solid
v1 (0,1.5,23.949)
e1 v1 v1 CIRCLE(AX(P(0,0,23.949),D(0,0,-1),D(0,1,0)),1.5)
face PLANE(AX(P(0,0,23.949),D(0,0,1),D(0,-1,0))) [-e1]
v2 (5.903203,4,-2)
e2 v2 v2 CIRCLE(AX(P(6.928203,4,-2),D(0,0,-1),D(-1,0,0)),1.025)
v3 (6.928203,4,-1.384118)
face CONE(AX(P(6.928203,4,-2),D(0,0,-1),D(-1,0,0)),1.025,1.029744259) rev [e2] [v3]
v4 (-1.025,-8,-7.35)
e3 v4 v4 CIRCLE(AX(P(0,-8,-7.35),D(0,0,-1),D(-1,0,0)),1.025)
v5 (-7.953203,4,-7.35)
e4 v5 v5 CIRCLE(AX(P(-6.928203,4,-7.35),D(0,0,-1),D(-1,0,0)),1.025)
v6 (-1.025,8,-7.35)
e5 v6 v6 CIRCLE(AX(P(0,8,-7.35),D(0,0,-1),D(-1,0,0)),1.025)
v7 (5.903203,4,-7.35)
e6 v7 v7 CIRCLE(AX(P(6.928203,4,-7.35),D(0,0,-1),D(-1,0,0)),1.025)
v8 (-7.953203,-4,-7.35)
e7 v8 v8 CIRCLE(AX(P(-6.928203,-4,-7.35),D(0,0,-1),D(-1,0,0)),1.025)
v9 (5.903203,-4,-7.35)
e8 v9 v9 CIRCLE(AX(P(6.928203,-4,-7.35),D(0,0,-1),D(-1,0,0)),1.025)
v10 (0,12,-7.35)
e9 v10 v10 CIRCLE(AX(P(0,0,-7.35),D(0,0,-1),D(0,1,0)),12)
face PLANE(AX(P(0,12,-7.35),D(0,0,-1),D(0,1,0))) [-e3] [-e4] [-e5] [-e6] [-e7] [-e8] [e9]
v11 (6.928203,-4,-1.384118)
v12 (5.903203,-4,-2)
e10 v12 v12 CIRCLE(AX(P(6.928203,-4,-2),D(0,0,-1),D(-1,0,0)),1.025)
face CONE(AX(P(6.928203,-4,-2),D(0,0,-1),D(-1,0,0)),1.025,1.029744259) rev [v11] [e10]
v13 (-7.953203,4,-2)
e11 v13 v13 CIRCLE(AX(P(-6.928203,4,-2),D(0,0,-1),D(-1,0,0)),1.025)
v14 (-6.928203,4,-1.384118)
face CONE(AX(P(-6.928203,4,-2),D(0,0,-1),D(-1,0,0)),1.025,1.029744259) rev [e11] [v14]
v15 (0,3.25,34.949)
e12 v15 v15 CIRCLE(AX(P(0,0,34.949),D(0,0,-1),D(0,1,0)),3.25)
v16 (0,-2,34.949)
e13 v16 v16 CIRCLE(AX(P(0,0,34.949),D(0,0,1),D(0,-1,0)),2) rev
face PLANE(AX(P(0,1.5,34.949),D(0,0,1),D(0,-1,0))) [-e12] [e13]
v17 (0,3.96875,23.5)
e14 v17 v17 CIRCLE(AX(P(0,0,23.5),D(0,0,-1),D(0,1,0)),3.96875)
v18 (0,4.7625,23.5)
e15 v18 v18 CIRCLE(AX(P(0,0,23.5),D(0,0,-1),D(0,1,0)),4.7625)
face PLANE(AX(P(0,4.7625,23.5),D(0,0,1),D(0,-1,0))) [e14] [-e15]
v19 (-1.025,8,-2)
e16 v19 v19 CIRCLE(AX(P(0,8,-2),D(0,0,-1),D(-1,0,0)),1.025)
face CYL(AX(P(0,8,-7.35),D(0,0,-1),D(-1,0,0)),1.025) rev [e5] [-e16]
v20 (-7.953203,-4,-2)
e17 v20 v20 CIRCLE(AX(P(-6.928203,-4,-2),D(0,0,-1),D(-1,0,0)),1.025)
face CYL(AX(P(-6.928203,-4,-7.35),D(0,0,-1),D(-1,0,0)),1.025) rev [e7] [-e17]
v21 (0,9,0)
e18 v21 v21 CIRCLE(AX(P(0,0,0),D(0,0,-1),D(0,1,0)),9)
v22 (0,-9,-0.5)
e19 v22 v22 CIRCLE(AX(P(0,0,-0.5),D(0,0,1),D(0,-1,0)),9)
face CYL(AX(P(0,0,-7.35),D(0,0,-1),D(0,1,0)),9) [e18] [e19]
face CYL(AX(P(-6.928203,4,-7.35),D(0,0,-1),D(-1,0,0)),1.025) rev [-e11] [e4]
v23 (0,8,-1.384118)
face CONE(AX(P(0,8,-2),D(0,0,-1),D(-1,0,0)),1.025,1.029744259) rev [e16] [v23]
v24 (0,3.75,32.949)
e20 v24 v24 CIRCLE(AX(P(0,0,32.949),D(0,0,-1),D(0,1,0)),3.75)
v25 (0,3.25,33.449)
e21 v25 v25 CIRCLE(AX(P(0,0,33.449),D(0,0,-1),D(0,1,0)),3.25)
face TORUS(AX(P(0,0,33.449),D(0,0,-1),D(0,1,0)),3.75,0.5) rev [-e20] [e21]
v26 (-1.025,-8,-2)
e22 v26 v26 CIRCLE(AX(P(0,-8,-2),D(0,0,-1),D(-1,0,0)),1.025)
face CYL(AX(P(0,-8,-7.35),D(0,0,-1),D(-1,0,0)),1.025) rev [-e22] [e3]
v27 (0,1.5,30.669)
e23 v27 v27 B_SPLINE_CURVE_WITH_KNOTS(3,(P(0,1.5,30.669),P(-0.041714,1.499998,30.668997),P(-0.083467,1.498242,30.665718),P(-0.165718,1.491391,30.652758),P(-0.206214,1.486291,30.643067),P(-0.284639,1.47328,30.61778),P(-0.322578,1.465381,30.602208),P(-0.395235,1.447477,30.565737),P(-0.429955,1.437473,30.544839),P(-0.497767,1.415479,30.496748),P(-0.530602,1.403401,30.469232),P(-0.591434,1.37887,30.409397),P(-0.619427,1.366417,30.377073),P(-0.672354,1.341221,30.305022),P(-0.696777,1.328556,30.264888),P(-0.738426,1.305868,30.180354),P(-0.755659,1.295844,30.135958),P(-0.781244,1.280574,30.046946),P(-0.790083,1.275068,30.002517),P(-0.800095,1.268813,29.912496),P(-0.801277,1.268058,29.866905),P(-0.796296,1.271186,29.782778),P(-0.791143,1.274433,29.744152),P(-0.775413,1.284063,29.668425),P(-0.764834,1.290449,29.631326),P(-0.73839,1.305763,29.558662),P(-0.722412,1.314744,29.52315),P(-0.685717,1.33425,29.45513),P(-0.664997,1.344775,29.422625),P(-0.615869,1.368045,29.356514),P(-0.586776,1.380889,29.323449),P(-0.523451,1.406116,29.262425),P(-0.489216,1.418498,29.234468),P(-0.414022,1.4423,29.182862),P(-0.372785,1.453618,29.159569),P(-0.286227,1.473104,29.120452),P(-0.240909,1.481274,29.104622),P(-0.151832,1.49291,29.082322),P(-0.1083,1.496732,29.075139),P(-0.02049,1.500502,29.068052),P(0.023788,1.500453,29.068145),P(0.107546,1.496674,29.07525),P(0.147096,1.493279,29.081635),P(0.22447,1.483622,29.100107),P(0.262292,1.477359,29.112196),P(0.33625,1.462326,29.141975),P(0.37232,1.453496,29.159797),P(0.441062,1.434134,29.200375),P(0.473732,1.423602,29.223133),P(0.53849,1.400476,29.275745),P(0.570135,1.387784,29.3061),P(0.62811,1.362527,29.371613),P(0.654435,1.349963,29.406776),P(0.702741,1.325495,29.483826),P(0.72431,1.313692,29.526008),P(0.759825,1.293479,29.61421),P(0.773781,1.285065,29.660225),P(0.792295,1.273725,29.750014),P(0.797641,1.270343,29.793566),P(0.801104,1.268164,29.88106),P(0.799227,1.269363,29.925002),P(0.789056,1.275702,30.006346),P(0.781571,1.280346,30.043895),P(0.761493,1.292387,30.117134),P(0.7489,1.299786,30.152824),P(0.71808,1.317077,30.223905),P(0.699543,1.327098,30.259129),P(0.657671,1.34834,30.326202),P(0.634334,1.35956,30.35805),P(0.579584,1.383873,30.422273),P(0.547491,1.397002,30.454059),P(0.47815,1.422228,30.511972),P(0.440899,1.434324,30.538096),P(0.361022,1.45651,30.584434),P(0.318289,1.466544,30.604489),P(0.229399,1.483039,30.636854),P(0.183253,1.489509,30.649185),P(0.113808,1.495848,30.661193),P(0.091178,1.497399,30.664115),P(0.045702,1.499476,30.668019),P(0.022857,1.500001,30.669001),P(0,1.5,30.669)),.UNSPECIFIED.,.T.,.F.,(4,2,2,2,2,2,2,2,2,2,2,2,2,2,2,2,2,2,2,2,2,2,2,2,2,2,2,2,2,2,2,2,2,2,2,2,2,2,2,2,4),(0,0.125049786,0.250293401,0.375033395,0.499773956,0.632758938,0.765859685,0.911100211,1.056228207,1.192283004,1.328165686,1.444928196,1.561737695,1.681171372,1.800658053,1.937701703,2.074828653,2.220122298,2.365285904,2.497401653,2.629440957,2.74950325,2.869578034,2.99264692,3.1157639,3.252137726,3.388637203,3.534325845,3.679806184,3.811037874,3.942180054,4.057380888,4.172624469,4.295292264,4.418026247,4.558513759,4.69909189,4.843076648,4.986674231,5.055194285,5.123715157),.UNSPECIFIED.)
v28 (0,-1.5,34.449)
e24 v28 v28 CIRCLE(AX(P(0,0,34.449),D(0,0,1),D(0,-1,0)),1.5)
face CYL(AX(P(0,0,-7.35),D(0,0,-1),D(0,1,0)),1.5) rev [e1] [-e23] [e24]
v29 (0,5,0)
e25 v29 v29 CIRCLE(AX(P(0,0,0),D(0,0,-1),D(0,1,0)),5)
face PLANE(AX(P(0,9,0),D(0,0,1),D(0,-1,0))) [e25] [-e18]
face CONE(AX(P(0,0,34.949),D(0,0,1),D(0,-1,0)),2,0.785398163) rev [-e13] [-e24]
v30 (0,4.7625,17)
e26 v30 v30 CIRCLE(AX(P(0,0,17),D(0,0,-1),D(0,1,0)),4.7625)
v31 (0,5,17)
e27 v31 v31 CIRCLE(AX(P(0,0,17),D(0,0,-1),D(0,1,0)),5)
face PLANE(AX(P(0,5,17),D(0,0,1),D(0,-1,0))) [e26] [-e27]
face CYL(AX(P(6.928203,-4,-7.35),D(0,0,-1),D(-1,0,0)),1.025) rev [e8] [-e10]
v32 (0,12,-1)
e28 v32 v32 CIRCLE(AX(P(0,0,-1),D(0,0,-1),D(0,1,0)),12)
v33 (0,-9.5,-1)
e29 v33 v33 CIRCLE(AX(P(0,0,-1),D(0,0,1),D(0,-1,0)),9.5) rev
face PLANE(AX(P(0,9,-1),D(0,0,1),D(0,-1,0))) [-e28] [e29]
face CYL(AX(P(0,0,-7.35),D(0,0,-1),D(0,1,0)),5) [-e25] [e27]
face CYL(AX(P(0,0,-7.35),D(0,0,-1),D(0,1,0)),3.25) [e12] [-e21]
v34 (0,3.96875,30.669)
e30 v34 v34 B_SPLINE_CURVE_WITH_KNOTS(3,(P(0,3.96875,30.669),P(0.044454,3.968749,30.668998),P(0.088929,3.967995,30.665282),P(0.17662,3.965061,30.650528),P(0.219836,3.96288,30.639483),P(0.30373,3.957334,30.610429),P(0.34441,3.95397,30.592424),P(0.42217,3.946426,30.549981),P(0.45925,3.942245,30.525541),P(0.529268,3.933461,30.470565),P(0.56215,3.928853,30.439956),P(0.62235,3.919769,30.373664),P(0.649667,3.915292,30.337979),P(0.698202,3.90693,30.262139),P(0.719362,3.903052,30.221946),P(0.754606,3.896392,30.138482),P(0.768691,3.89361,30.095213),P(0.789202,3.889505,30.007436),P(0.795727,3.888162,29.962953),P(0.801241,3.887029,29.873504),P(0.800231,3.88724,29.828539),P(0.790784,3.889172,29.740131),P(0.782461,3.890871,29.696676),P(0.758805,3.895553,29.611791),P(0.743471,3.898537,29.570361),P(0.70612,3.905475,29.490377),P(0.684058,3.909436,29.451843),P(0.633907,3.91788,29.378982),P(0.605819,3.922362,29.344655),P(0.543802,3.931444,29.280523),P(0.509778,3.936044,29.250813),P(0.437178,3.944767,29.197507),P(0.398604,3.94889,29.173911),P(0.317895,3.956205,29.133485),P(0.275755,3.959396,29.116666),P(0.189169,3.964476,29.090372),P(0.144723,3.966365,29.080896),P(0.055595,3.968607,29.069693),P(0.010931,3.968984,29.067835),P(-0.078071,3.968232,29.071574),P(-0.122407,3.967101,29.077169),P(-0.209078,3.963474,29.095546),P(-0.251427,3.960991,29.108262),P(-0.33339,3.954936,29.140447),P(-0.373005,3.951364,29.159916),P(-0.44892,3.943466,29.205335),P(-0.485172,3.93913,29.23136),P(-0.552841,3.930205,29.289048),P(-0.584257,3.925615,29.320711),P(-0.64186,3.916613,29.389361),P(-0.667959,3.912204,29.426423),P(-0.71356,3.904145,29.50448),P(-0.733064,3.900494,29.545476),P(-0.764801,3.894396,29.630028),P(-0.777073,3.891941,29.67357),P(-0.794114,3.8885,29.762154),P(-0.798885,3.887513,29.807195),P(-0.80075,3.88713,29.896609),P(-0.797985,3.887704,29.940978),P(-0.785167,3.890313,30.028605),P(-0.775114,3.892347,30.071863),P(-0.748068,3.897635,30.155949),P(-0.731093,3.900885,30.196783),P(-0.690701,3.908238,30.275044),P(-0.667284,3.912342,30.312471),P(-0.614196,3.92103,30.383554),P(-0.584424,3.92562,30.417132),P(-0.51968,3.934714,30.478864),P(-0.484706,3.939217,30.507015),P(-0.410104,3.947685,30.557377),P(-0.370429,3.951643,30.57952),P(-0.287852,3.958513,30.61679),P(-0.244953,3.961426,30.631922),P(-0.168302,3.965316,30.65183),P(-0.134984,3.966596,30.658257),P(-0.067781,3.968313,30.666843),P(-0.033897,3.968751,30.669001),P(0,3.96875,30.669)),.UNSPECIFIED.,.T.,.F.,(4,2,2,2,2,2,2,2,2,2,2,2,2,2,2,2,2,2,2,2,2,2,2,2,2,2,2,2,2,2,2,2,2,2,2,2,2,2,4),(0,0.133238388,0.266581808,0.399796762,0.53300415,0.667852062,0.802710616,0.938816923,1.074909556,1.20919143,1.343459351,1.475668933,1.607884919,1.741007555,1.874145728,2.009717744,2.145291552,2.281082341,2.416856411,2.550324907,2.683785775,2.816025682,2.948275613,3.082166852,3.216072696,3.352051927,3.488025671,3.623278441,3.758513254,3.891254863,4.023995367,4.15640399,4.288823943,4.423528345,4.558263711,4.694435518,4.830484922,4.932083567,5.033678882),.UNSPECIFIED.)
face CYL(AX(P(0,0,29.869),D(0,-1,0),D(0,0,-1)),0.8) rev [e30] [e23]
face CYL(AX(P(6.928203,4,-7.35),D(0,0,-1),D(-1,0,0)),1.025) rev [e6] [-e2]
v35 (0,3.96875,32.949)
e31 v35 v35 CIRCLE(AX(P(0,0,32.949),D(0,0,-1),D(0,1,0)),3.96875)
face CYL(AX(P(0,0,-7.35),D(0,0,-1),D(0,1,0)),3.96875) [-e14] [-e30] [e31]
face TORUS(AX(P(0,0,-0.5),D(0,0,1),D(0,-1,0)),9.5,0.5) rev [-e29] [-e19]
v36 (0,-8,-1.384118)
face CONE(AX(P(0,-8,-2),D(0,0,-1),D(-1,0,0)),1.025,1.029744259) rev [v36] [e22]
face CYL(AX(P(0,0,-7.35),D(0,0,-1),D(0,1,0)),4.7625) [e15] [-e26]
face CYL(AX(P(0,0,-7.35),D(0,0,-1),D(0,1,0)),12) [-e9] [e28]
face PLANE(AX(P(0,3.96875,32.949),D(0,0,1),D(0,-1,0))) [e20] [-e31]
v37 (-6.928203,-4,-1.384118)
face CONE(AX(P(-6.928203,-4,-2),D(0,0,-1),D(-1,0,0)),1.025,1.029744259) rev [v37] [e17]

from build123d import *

# Parameters (mm, degrees)
SKETCH4_W               = 0.8
SKETCH4_H               = 12
M2_5_TAPPED_HOLE1_D     = 2.05
M2_5_TAPPED_HOLE1_DEPTH = 5.35
M2_5_TAPPED_HOLE1_TIP   = 0.615882135
FILLET1_R               = 0.5
CHAMFER1_SIZE           = 0.5


with BuildPart() as part:
    # Sketch1 → Revolve1 (revolve)
    with BuildSketch(Plane(origin=(0, 0, 0), x_dir=(0, 0, -1), z_dir=(1, 0, 0))):
        with BuildLine():
            Line((0, 0), (-23.949, 0))
            Line((-23.949, 0), (-23.949, 1.5))
            Line((-23.949, 1.5), (-34.949, 1.5))
            Line((-34.949, 1.5), (-34.949, 3.25))
            Line((-34.949, 3.25), (-33.449, 3.25))
            ThreePointArc((-33.449, 3.25), (-33.095446609, 3.396446609), (-32.949, 3.75))
            Line((-32.949, 3.75), (-32.949, 3.96875))
            Line((-32.949, 3.96875), (-23.5, 3.96875))
            Line((-23.5, 3.96875), (-23.5, 4.7625))
            Line((-23.5, 4.7625), (-17, 4.7625))
            Line((-17, 4.7625), (-17, 5))
            Line((-17, 5), (0, 5))
            Line((0, 5), (0, 9))
            Line((0, 9), (1, 9))
            Line((1, 9), (1, 12))
            Line((1, 12), (7.35, 12))
            Line((7.35, 12), (7.35, 0))
            Line((7.35, 0), (0, 0))
        make_face()
    revolve(axis=Axis((0, 0, -7.35), (0, 0, 1)))

    # Sketch4 → M2 Tapped Hole1 (revolve, cut)
    with BuildSketch(Plane(origin=(0, 0, 29.869), x_dir=(0, 0, -1), z_dir=(1, 0, 0))):
        with Locations((0.4, 6)):
            Rectangle(SKETCH4_W, SKETCH4_H)
    revolve(axis=Axis((0, -6.35, 29.869), (0, 1, 0)), mode=Mode.SUBTRACT)

    # M2.5 Tapped Hole1
    with Locations(Plane(origin=(0, 0, -7.35), x_dir=(1, 0, 0), z_dir=(0, 0, -1))):
        with Locations((0, -8), (6.92820323, -4), (6.92820323, 4), (0, 8), (-6.92820323, 4), (-6.92820323, -4)):
            Hole(M2_5_TAPPED_HOLE1_D / 2, depth=M2_5_TAPPED_HOLE1_DEPTH)
            with Locations((0, 0, -(M2_5_TAPPED_HOLE1_DEPTH + M2_5_TAPPED_HOLE1_TIP / 2))):  # 118° drill point
                Cone(0, M2_5_TAPPED_HOLE1_D / 2, M2_5_TAPPED_HOLE1_TIP, mode=Mode.SUBTRACT)

    # Fillet1
    fillet1_edges = [part.edges().sort_by_distance(p)[0] for p in [
        (0, -9, -1),
    ]]
    fillet(fillet1_edges, radius=FILLET1_R)

    # Chamfer1
    chamfer1_edges = [part.edges().sort_by_distance(p)[0] for p in [
        (0, -1.5, 34.949),
    ]]
    chamfer(chamfer1_edges, length=CHAMFER1_SIZE)


solid = part.part
